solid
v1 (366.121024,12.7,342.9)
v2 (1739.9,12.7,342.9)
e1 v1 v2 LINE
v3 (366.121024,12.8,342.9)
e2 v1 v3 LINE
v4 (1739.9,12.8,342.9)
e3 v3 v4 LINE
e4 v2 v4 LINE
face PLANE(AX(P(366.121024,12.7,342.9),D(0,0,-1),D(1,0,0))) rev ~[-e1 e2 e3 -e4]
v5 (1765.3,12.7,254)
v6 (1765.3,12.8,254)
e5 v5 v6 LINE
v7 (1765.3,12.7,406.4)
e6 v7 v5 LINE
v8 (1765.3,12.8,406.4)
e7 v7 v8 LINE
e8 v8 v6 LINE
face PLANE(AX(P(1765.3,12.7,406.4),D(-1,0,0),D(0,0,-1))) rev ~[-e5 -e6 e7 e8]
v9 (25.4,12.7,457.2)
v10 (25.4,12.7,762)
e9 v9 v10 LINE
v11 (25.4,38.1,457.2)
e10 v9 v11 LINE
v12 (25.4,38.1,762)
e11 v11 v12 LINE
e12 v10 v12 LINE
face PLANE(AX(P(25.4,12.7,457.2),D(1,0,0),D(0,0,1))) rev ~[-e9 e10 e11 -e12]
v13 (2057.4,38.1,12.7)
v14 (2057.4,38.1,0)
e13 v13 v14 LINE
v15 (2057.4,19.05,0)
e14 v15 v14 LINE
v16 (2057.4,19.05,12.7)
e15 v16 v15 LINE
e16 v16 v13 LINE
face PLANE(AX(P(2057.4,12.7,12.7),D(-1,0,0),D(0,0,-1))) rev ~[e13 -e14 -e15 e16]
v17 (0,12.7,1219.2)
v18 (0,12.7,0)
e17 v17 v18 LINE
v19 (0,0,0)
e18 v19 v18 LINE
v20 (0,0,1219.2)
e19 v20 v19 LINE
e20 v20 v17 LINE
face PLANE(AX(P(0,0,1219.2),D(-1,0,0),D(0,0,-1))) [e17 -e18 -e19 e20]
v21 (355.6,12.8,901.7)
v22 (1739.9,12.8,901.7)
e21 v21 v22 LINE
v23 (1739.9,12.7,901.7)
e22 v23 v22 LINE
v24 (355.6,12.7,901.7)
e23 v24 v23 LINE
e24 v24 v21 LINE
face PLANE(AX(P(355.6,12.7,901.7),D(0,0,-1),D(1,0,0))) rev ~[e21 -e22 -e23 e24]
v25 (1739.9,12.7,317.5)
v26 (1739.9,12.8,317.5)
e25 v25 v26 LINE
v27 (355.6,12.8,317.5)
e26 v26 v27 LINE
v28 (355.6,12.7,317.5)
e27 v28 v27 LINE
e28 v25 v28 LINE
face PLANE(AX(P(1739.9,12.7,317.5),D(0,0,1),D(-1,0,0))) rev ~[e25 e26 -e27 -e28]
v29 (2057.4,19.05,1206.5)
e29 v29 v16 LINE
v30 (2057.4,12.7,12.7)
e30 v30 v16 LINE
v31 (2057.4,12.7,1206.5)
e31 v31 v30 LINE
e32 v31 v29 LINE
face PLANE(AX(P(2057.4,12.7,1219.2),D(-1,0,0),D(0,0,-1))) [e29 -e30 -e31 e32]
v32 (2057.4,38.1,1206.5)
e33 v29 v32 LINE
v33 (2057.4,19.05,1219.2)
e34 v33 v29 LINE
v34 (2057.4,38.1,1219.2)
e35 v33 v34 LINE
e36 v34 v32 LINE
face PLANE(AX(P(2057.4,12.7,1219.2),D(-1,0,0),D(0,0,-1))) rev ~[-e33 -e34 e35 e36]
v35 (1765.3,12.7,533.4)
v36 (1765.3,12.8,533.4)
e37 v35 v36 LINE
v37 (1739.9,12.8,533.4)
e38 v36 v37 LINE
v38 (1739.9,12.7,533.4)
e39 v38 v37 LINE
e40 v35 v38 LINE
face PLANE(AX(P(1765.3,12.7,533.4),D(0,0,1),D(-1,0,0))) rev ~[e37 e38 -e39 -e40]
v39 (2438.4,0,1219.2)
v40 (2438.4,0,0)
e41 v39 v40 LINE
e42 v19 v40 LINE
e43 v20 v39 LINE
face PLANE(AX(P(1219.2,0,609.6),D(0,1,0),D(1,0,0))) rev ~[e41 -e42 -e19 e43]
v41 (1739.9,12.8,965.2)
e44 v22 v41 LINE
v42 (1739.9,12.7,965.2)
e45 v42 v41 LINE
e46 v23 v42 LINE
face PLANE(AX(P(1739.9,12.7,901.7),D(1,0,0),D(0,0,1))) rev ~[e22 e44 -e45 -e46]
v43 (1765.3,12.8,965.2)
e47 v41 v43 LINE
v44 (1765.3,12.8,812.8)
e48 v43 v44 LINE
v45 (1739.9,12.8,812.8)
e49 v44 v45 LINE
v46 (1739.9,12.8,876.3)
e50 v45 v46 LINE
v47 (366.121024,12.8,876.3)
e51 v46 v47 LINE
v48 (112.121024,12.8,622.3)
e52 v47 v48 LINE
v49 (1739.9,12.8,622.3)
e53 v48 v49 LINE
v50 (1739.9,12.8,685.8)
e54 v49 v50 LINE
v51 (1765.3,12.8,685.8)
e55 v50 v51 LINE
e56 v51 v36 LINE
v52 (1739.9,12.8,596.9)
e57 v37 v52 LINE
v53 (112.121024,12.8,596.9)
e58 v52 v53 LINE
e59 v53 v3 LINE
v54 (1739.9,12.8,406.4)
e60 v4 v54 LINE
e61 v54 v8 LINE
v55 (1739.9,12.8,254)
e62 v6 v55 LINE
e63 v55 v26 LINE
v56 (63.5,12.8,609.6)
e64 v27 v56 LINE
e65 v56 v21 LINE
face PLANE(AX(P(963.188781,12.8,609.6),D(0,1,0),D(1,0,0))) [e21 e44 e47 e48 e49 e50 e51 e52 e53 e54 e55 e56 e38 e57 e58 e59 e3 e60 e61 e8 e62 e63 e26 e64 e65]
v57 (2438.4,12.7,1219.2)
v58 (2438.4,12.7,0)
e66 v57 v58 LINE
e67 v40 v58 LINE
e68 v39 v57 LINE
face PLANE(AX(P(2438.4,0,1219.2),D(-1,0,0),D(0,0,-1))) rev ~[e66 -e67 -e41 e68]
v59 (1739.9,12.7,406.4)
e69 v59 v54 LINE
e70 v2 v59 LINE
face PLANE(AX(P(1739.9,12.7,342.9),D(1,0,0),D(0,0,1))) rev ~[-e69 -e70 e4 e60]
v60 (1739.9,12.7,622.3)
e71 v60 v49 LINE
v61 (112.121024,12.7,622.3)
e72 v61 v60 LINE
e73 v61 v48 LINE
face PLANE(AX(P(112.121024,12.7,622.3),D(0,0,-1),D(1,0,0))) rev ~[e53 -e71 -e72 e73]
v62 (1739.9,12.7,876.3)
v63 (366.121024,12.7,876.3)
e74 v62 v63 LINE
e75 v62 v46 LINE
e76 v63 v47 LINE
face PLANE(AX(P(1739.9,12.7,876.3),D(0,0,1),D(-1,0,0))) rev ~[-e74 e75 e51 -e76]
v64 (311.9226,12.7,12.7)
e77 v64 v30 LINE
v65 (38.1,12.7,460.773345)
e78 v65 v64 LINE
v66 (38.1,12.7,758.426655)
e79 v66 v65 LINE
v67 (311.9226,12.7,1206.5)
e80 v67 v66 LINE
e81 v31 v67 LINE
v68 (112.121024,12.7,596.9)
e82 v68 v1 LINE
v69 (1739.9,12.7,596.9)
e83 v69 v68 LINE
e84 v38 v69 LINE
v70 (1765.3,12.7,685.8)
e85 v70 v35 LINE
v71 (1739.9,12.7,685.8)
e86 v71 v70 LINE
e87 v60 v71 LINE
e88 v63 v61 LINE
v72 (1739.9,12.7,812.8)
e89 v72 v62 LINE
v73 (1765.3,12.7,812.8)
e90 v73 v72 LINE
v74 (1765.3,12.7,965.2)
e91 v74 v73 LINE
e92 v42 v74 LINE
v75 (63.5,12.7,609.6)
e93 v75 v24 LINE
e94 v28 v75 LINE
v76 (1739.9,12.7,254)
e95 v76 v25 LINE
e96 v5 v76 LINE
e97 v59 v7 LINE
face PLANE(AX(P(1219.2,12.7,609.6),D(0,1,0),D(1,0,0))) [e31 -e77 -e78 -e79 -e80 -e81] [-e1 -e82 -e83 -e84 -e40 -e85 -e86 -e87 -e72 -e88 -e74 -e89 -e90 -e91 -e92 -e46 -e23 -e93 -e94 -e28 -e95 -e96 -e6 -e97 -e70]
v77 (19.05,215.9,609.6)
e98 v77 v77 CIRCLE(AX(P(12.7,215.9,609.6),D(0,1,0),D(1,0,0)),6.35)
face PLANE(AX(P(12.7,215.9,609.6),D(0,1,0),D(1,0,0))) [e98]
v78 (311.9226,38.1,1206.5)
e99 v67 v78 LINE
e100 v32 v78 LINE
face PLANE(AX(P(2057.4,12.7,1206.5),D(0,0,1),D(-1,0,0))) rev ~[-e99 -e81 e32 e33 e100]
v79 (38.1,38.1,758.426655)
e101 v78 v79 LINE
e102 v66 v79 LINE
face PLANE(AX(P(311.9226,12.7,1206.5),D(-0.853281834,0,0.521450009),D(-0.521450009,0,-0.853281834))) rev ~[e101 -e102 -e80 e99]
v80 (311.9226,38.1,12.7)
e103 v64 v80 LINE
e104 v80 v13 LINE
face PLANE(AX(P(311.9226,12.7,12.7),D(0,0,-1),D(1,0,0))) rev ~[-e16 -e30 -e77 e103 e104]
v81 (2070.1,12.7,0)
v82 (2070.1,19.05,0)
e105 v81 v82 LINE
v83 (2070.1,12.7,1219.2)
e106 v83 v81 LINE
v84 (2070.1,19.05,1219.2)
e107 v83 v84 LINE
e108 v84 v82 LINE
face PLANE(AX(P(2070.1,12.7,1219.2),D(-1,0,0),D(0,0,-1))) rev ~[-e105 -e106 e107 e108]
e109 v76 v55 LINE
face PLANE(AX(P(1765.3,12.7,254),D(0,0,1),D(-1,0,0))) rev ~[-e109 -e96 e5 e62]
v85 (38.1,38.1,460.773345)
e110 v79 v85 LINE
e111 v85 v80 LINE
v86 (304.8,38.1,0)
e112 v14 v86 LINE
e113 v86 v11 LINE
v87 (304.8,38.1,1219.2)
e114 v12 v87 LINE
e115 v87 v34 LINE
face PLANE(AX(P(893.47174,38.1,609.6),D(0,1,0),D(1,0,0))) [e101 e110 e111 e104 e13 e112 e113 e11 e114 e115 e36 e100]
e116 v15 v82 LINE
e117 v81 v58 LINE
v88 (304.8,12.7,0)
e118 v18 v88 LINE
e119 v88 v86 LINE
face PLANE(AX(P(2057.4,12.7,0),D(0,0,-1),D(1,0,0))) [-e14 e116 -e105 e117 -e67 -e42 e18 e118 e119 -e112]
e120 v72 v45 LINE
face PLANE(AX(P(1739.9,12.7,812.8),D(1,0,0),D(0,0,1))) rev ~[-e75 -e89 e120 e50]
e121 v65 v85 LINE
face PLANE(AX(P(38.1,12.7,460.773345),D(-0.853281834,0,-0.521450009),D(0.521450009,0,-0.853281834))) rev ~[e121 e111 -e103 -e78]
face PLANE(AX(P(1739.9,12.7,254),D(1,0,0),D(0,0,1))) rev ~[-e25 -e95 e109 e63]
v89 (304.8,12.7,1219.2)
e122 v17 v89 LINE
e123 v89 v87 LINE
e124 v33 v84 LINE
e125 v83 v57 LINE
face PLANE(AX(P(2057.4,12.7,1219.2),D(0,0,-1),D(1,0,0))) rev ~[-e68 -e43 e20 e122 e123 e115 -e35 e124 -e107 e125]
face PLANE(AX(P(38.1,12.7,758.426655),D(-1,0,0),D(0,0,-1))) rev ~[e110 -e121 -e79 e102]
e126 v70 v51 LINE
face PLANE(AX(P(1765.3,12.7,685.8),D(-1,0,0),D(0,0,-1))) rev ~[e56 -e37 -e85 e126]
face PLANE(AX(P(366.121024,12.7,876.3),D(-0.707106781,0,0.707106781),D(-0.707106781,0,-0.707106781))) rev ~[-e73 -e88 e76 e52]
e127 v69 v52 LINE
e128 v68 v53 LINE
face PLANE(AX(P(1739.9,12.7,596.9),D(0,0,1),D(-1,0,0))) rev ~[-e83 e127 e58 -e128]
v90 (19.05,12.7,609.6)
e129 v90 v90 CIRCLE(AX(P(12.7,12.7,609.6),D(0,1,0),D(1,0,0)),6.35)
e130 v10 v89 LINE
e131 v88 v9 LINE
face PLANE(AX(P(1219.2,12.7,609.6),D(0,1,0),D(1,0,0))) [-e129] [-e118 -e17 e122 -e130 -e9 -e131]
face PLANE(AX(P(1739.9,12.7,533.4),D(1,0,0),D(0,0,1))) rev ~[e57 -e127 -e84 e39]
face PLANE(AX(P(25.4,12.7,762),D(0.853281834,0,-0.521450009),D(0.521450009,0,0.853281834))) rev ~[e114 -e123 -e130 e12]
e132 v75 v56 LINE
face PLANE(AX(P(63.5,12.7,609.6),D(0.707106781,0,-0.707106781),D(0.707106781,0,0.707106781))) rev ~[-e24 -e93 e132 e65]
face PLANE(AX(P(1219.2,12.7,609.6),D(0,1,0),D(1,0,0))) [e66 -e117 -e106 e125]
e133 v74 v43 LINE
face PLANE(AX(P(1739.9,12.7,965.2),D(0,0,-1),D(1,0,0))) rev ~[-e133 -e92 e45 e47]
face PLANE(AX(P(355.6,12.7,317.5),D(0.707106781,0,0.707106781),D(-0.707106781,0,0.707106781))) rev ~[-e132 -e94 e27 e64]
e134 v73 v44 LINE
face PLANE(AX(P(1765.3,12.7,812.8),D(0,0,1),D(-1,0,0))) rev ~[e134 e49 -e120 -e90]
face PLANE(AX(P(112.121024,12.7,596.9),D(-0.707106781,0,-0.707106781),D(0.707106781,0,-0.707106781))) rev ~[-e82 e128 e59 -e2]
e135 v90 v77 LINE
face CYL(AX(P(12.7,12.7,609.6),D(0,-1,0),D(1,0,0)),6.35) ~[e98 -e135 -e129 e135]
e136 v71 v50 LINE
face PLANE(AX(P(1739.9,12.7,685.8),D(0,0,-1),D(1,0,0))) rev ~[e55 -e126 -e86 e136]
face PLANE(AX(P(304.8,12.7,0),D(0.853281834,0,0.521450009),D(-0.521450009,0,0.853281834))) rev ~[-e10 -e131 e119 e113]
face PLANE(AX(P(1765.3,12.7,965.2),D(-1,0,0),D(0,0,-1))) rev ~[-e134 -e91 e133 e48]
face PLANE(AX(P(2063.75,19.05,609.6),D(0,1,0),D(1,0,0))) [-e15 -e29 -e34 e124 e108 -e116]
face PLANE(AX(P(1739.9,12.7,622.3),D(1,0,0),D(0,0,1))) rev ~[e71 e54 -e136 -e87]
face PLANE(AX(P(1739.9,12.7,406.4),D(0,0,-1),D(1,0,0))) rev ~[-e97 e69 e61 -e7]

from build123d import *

# Parameters (mm, degrees)
SKETCH1_W             = 2438.4
SKETCH1_H             = 1219.2
BASE_DEPTH            = 12.7
OUTSIDE_WALLS_DEPTH   = 25.4
SKETCH3_W             = 12.7
SKETCH3_H             = 1219.2
FRONT_WALL_DEPTH      = 6.35
TAPE_DEPTH            = 0.1
SKETCH5_R             = 6.35
F_10KHZ_EMITTER_DEPTH = 203.2


with BuildPart() as part:
    # Sketch1 → Base (new body)
    with BuildSketch(Plane(origin=(0, 0, 0), x_dir=(1, 0, 0), z_dir=(0, 1, 0))):
        with Locations((1219.2, -609.6)):
            Rectangle(SKETCH1_W, SKETCH1_H)
    extrude(amount=BASE_DEPTH)

    # Sketch2 → Outside Walls (add)
    with BuildSketch(Plane(origin=(0, 12.7, 0), x_dir=(1, 0, 0), z_dir=(0, 1, 0))):
        Polygon((304.8, 0), (25.4, -457.2), (25.4, -762), (304.8, -1219.2), (2057.4, -1219.2), (2057.4, -1206.5), (311.922599639, -1206.5), (38.1, -758.426655137), (38.1, -460.773344863), (311.922599639, -12.7), (2057.4, -12.7), (2057.4, 0), align=None)
    extrude(amount=OUTSIDE_WALLS_DEPTH)

    # Sketch3 → Front Wall (add)
    with BuildSketch(Plane(origin=(0, 12.7, 0), x_dir=(1, 0, 0), z_dir=(0, 1, 0))):
        with Locations((2063.75, -609.6)):
            Rectangle(SKETCH3_W, SKETCH3_H)
    extrude(amount=FRONT_WALL_DEPTH)

    # Sketch4 → Tape (add)
    with BuildSketch(Plane(origin=(0, 12.7, 0), x_dir=(1, 0, 0), z_dir=(0, 1, 0))):
        Polygon((63.5, -609.6), (355.6, -901.7), (1739.9, -901.7), (1739.9, -965.2), (1765.3, -965.2), (1765.3, -812.8), (1739.9, -812.8), (1739.9, -876.3), (366.121024484, -876.3), (112.121024484, -622.3), (1739.9, -622.3), (1739.9, -685.8), (1765.3, -685.8), (1765.3, -533.4), (1739.9, -533.4), (1739.9, -596.9), (112.121024484, -596.9), (366.121024484, -342.9), (1739.9, -342.9), (1739.9, -406.4), (1765.3, -406.4), (1765.3, -254), (1739.9, -254), (1739.9, -317.5), (355.6, -317.5), align=None)
    extrude(amount=TAPE_DEPTH)

    # Sketch5 → 10kHz Emitter (add)
    with BuildSketch(Plane(origin=(0, 12.7, 0), x_dir=(1, 0, 0), z_dir=(0, 1, 0))):
        with Locations((12.7, -609.6)):
            Circle(SKETCH5_R)
    extrude(amount=F_10KHZ_EMITTER_DEPTH)


solid = part.part
